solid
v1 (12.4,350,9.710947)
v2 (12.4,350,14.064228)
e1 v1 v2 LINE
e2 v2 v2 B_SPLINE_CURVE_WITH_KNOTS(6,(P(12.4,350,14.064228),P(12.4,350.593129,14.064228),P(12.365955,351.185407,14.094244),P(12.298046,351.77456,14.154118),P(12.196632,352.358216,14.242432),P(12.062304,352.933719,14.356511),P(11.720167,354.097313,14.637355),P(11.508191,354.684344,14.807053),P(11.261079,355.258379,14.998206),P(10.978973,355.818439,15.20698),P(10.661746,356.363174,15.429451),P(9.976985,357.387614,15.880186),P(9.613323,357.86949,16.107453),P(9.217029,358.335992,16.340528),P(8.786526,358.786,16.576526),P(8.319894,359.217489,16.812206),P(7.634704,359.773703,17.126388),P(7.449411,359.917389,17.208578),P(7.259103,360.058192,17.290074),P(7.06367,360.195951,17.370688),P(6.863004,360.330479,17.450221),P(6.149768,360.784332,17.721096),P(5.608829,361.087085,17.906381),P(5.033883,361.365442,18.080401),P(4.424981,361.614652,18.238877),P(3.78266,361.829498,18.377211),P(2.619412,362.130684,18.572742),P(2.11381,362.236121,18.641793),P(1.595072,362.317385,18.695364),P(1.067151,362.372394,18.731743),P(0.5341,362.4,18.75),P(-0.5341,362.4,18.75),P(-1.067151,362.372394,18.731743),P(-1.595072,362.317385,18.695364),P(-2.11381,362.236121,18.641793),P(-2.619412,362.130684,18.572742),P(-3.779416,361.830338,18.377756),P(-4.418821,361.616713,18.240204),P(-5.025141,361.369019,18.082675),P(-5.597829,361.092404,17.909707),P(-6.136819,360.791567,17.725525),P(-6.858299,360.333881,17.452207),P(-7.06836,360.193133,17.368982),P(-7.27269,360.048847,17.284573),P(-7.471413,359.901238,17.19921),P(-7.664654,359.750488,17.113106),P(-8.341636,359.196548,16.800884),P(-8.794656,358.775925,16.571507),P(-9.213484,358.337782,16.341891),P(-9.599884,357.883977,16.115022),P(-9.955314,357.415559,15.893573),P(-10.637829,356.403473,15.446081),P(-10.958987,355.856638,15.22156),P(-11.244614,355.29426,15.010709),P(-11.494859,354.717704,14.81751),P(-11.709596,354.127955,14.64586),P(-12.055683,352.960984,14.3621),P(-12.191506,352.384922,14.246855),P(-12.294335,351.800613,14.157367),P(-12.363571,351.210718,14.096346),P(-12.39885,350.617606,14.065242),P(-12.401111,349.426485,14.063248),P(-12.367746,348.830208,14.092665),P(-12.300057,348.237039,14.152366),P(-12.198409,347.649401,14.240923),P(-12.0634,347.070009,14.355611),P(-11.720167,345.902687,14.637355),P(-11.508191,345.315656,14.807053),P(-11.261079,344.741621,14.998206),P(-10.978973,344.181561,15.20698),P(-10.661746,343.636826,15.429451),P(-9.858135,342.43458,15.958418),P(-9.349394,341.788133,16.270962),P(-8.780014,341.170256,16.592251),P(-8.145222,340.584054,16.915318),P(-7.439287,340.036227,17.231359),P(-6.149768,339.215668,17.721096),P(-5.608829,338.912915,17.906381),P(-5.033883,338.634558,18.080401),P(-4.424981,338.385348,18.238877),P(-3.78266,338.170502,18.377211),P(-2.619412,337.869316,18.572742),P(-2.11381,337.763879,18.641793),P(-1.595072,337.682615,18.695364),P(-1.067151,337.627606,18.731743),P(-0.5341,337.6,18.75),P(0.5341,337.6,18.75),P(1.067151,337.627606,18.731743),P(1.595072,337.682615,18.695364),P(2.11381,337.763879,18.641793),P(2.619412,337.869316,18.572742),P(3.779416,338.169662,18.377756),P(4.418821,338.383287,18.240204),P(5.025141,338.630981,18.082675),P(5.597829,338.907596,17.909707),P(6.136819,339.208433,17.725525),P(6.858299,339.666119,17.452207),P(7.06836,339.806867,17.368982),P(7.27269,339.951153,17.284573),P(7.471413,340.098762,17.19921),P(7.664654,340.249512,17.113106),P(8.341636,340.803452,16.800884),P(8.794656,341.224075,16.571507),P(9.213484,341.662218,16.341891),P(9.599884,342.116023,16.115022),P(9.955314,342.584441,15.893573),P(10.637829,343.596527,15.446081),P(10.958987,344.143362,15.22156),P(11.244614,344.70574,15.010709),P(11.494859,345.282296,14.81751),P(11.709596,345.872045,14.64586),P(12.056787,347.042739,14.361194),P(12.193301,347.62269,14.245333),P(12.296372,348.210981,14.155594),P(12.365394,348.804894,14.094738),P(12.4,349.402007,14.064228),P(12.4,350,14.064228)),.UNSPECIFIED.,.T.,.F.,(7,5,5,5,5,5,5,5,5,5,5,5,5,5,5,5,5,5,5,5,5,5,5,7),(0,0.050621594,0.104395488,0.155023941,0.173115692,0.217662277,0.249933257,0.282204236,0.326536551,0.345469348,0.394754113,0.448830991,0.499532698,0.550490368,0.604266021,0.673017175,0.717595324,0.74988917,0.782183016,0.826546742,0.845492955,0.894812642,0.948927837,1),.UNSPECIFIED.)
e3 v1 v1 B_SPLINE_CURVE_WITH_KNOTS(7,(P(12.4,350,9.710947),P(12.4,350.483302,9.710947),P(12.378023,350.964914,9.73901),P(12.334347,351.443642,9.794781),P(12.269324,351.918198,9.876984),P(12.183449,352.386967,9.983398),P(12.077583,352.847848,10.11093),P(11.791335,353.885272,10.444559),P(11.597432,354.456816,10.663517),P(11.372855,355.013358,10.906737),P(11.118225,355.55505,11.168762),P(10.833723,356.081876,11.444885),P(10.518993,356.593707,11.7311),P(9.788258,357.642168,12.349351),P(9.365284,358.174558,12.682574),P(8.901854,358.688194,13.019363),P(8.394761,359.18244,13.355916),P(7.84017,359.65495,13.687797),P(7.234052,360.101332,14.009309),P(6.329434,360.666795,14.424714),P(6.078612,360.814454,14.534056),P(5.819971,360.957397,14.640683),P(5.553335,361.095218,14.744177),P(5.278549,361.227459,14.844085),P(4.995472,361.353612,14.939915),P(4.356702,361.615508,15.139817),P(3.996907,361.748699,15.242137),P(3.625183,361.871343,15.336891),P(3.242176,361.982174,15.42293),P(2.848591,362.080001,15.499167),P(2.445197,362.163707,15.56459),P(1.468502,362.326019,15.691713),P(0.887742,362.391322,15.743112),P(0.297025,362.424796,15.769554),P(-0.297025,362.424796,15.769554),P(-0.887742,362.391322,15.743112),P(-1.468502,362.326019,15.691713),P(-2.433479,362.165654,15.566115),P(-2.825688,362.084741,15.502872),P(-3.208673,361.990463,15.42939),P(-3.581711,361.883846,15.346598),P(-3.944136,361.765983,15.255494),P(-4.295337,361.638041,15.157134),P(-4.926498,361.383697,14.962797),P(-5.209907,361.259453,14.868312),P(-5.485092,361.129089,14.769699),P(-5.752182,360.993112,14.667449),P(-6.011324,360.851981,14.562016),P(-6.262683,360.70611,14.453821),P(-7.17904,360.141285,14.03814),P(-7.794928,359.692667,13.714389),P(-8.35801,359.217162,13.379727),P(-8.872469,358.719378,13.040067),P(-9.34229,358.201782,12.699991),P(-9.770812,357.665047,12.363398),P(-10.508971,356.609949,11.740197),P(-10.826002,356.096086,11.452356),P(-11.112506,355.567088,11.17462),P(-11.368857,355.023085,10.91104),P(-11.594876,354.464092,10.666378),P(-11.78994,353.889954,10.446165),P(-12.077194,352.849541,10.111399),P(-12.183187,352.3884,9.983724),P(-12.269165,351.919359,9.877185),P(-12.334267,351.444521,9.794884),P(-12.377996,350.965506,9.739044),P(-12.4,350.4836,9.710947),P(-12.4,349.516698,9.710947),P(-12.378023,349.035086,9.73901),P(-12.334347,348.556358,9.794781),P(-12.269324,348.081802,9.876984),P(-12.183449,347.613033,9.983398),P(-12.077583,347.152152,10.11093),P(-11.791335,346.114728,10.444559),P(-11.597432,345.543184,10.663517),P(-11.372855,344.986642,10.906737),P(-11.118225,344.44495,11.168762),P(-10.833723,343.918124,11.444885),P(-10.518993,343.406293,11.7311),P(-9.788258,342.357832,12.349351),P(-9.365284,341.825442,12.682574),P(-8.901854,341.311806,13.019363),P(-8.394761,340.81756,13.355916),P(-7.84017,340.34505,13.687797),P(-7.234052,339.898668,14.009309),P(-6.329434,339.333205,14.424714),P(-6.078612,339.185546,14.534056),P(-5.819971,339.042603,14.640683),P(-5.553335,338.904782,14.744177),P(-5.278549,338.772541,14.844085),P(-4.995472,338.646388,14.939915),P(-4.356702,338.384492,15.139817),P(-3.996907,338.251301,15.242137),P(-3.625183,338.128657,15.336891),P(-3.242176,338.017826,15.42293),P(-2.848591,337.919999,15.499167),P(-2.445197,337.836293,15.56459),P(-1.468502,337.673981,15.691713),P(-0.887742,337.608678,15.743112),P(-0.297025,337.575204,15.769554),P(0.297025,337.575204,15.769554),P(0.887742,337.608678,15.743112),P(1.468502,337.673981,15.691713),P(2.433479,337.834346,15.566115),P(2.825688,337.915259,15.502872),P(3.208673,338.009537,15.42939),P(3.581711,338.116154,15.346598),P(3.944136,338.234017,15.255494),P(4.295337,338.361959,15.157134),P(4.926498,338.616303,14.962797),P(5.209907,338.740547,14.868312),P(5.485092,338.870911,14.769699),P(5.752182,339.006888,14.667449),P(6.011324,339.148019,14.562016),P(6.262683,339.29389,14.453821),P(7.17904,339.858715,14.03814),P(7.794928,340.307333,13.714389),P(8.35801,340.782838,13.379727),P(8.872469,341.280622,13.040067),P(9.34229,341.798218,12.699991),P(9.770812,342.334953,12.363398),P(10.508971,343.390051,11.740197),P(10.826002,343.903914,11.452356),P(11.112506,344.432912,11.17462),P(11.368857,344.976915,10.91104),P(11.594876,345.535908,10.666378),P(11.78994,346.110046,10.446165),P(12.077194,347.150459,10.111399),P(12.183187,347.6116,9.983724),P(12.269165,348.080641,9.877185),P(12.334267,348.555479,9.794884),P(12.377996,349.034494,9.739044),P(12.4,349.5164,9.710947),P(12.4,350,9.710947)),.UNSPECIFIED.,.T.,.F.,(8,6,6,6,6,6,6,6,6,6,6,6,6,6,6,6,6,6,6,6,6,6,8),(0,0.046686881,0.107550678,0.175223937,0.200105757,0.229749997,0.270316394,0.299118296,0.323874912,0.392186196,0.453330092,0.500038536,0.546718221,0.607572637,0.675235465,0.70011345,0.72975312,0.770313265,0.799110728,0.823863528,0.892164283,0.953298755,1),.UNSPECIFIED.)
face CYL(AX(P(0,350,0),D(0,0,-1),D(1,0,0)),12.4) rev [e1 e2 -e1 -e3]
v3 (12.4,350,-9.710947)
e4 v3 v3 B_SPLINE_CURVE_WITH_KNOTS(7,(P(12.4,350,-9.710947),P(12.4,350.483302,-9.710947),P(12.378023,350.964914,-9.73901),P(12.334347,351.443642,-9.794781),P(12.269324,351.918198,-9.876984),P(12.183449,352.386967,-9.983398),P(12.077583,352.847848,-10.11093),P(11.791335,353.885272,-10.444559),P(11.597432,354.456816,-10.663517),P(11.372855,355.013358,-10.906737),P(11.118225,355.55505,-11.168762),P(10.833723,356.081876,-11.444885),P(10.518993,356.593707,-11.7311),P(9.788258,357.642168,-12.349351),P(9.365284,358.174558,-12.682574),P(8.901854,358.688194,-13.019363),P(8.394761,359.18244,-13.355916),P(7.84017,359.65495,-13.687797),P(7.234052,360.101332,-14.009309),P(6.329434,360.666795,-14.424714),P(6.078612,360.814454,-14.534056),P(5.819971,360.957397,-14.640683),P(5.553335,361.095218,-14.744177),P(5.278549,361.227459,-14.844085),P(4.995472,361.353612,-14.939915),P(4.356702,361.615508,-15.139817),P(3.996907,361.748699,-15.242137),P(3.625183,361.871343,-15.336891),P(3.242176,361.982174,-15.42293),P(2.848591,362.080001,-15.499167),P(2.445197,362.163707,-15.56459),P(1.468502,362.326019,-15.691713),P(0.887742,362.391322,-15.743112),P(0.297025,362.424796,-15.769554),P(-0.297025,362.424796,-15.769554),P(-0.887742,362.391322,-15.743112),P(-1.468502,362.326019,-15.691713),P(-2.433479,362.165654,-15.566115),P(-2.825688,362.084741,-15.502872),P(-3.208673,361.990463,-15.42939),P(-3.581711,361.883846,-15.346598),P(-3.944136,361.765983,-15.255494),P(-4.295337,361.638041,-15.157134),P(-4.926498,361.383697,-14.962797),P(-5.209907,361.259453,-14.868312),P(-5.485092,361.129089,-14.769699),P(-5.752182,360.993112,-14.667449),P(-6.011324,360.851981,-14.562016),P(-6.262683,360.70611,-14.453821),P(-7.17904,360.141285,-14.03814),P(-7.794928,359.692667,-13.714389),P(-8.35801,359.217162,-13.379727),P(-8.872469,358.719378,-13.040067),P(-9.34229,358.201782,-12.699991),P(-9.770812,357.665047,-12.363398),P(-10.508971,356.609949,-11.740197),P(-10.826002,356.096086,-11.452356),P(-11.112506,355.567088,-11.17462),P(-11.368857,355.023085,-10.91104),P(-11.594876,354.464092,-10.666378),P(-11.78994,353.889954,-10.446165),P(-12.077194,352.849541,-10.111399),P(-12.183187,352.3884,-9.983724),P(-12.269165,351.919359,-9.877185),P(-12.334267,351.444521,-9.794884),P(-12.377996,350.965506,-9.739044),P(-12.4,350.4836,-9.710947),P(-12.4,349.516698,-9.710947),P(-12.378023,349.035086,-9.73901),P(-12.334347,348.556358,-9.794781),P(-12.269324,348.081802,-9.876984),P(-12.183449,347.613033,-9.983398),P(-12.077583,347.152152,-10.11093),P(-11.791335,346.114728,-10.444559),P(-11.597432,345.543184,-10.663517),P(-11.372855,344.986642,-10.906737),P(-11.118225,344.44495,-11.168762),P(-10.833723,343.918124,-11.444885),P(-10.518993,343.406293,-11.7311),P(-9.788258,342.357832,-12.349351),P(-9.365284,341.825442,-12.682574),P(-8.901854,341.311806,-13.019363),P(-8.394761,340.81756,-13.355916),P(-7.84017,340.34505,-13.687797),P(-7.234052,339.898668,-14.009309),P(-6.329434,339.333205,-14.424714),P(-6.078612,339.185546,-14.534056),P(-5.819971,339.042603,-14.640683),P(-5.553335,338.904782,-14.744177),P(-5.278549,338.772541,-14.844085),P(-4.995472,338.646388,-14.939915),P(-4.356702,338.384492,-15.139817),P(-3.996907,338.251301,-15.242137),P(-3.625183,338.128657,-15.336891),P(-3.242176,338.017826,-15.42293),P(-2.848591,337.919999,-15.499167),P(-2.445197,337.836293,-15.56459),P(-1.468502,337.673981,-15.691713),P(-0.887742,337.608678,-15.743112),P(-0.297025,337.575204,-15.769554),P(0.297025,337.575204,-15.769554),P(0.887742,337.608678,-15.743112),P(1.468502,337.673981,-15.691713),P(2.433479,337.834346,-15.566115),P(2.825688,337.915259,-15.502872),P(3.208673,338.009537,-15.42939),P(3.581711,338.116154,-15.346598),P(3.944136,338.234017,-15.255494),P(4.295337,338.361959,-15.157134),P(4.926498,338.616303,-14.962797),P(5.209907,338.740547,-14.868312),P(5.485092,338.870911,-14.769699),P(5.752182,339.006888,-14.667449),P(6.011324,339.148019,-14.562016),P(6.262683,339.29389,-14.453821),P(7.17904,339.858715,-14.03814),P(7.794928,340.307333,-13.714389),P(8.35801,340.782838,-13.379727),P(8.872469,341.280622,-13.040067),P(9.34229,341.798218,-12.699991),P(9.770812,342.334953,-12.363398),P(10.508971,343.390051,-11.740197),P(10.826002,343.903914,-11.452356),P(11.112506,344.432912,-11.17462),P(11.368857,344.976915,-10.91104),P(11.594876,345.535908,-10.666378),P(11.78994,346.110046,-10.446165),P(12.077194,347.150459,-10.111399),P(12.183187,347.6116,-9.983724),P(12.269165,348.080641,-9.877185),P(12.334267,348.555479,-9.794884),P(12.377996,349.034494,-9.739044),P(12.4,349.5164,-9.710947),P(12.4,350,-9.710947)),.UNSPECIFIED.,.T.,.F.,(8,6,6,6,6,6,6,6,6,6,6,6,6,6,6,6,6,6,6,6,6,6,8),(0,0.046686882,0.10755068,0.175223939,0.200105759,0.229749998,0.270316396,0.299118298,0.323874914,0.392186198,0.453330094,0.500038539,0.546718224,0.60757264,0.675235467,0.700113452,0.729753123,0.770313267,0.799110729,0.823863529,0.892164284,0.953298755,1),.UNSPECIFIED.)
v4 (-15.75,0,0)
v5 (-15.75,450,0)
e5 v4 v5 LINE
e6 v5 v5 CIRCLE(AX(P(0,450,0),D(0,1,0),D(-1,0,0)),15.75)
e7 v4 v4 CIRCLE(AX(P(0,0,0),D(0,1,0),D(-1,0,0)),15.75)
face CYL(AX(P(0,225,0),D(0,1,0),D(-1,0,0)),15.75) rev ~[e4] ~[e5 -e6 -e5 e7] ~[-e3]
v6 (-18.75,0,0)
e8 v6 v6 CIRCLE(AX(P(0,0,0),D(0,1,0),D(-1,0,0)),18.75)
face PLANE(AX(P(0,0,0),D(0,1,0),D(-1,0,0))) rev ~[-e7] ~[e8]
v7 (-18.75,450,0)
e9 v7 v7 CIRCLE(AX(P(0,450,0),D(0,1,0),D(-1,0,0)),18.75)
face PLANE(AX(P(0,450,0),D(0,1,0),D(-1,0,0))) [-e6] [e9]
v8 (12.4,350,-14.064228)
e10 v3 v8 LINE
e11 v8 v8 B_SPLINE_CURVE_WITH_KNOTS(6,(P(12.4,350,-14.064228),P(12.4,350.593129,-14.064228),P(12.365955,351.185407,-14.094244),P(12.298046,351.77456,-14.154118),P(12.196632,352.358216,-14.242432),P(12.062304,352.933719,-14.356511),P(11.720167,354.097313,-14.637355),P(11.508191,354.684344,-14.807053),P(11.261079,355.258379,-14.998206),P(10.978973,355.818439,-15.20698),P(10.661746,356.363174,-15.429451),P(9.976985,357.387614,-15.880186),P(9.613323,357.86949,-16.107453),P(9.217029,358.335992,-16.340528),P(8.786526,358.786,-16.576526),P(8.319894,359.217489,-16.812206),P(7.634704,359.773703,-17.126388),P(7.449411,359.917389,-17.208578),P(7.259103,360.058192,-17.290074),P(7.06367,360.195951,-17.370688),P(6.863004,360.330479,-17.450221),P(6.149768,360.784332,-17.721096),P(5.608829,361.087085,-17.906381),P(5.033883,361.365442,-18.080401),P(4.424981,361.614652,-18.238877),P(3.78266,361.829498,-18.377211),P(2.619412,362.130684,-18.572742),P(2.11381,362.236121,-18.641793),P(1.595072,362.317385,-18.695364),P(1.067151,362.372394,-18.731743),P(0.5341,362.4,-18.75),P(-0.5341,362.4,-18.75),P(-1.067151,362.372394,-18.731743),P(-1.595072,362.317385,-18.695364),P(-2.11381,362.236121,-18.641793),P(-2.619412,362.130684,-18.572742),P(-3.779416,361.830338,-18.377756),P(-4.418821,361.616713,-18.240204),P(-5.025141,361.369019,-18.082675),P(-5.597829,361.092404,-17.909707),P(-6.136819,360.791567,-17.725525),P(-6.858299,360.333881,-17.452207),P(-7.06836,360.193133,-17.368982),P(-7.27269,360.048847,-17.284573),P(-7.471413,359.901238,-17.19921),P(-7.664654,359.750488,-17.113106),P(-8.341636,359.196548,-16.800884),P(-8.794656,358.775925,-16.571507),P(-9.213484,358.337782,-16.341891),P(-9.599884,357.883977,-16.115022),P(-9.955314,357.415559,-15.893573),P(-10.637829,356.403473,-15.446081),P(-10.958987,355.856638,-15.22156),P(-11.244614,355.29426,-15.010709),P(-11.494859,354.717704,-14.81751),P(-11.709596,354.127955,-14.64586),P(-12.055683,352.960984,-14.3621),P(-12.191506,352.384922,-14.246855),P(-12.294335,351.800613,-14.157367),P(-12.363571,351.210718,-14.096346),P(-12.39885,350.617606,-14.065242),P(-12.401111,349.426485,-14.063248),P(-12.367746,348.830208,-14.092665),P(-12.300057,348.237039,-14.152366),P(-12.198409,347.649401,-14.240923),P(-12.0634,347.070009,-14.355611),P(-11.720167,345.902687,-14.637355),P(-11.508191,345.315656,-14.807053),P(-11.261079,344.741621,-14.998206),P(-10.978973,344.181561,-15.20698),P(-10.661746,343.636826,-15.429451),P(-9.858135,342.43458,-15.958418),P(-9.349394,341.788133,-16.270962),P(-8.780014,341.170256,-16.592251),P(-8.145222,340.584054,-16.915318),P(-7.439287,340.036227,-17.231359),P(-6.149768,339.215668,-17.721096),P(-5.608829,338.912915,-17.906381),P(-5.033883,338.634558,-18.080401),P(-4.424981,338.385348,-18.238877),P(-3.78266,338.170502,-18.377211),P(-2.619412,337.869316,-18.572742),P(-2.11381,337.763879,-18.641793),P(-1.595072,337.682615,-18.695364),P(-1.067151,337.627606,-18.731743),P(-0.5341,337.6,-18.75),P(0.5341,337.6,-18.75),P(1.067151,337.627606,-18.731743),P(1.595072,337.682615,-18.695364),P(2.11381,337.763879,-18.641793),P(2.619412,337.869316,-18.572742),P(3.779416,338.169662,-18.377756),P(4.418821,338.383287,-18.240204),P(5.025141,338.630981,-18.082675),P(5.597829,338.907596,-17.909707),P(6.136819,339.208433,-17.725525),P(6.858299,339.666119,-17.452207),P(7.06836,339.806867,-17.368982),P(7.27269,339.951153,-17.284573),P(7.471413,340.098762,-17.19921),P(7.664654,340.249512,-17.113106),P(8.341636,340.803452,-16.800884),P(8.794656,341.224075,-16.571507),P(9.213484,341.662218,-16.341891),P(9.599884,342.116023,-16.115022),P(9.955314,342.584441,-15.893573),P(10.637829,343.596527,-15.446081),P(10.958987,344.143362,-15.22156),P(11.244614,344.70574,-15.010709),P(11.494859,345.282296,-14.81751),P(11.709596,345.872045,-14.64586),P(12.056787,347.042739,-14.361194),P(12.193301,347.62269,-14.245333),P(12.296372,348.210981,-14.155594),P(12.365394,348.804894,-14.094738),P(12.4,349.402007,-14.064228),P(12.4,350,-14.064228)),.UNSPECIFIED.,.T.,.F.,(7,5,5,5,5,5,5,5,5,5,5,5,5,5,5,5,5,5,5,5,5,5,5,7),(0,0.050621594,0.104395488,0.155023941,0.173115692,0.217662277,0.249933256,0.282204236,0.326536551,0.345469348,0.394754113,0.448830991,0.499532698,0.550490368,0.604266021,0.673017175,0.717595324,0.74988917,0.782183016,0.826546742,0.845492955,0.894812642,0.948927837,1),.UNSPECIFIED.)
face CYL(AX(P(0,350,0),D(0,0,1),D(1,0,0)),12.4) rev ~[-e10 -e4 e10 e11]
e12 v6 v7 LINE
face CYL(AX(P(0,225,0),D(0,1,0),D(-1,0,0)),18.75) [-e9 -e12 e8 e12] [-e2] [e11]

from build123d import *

# Parameters (mm, degrees)
SKETCH1_W               = 3
SKETCH1_H               = 450
SKETCH2_R               = 12.4
CUT_EXTRUDE1_DEPTH      = 19.75
CUT_EXTRUDE1_DEPTH_BACK = 19.75


with BuildPart() as part:
    # Sketch1 → Revolve-Thin1 (revolve)
    with BuildSketch(Plane.XY):
        with Locations((-17.25, 225)):
            Rectangle(SKETCH1_W, SKETCH1_H)
    revolve(axis=Axis((0, 0, 0), (0, 1, 0)))

    # Sketch2 → Cut-Extrude1 (cut, two sides)
    with BuildSketch(Plane.XY) as cut_extrude1_sk:
        with Locations((0, 350)):
            Circle(SKETCH2_R)
    extrude(amount=CUT_EXTRUDE1_DEPTH, mode=Mode.SUBTRACT)
    extrude(cut_extrude1_sk.sketch, amount=-CUT_EXTRUDE1_DEPTH_BACK, mode=Mode.SUBTRACT)


solid = part.part
